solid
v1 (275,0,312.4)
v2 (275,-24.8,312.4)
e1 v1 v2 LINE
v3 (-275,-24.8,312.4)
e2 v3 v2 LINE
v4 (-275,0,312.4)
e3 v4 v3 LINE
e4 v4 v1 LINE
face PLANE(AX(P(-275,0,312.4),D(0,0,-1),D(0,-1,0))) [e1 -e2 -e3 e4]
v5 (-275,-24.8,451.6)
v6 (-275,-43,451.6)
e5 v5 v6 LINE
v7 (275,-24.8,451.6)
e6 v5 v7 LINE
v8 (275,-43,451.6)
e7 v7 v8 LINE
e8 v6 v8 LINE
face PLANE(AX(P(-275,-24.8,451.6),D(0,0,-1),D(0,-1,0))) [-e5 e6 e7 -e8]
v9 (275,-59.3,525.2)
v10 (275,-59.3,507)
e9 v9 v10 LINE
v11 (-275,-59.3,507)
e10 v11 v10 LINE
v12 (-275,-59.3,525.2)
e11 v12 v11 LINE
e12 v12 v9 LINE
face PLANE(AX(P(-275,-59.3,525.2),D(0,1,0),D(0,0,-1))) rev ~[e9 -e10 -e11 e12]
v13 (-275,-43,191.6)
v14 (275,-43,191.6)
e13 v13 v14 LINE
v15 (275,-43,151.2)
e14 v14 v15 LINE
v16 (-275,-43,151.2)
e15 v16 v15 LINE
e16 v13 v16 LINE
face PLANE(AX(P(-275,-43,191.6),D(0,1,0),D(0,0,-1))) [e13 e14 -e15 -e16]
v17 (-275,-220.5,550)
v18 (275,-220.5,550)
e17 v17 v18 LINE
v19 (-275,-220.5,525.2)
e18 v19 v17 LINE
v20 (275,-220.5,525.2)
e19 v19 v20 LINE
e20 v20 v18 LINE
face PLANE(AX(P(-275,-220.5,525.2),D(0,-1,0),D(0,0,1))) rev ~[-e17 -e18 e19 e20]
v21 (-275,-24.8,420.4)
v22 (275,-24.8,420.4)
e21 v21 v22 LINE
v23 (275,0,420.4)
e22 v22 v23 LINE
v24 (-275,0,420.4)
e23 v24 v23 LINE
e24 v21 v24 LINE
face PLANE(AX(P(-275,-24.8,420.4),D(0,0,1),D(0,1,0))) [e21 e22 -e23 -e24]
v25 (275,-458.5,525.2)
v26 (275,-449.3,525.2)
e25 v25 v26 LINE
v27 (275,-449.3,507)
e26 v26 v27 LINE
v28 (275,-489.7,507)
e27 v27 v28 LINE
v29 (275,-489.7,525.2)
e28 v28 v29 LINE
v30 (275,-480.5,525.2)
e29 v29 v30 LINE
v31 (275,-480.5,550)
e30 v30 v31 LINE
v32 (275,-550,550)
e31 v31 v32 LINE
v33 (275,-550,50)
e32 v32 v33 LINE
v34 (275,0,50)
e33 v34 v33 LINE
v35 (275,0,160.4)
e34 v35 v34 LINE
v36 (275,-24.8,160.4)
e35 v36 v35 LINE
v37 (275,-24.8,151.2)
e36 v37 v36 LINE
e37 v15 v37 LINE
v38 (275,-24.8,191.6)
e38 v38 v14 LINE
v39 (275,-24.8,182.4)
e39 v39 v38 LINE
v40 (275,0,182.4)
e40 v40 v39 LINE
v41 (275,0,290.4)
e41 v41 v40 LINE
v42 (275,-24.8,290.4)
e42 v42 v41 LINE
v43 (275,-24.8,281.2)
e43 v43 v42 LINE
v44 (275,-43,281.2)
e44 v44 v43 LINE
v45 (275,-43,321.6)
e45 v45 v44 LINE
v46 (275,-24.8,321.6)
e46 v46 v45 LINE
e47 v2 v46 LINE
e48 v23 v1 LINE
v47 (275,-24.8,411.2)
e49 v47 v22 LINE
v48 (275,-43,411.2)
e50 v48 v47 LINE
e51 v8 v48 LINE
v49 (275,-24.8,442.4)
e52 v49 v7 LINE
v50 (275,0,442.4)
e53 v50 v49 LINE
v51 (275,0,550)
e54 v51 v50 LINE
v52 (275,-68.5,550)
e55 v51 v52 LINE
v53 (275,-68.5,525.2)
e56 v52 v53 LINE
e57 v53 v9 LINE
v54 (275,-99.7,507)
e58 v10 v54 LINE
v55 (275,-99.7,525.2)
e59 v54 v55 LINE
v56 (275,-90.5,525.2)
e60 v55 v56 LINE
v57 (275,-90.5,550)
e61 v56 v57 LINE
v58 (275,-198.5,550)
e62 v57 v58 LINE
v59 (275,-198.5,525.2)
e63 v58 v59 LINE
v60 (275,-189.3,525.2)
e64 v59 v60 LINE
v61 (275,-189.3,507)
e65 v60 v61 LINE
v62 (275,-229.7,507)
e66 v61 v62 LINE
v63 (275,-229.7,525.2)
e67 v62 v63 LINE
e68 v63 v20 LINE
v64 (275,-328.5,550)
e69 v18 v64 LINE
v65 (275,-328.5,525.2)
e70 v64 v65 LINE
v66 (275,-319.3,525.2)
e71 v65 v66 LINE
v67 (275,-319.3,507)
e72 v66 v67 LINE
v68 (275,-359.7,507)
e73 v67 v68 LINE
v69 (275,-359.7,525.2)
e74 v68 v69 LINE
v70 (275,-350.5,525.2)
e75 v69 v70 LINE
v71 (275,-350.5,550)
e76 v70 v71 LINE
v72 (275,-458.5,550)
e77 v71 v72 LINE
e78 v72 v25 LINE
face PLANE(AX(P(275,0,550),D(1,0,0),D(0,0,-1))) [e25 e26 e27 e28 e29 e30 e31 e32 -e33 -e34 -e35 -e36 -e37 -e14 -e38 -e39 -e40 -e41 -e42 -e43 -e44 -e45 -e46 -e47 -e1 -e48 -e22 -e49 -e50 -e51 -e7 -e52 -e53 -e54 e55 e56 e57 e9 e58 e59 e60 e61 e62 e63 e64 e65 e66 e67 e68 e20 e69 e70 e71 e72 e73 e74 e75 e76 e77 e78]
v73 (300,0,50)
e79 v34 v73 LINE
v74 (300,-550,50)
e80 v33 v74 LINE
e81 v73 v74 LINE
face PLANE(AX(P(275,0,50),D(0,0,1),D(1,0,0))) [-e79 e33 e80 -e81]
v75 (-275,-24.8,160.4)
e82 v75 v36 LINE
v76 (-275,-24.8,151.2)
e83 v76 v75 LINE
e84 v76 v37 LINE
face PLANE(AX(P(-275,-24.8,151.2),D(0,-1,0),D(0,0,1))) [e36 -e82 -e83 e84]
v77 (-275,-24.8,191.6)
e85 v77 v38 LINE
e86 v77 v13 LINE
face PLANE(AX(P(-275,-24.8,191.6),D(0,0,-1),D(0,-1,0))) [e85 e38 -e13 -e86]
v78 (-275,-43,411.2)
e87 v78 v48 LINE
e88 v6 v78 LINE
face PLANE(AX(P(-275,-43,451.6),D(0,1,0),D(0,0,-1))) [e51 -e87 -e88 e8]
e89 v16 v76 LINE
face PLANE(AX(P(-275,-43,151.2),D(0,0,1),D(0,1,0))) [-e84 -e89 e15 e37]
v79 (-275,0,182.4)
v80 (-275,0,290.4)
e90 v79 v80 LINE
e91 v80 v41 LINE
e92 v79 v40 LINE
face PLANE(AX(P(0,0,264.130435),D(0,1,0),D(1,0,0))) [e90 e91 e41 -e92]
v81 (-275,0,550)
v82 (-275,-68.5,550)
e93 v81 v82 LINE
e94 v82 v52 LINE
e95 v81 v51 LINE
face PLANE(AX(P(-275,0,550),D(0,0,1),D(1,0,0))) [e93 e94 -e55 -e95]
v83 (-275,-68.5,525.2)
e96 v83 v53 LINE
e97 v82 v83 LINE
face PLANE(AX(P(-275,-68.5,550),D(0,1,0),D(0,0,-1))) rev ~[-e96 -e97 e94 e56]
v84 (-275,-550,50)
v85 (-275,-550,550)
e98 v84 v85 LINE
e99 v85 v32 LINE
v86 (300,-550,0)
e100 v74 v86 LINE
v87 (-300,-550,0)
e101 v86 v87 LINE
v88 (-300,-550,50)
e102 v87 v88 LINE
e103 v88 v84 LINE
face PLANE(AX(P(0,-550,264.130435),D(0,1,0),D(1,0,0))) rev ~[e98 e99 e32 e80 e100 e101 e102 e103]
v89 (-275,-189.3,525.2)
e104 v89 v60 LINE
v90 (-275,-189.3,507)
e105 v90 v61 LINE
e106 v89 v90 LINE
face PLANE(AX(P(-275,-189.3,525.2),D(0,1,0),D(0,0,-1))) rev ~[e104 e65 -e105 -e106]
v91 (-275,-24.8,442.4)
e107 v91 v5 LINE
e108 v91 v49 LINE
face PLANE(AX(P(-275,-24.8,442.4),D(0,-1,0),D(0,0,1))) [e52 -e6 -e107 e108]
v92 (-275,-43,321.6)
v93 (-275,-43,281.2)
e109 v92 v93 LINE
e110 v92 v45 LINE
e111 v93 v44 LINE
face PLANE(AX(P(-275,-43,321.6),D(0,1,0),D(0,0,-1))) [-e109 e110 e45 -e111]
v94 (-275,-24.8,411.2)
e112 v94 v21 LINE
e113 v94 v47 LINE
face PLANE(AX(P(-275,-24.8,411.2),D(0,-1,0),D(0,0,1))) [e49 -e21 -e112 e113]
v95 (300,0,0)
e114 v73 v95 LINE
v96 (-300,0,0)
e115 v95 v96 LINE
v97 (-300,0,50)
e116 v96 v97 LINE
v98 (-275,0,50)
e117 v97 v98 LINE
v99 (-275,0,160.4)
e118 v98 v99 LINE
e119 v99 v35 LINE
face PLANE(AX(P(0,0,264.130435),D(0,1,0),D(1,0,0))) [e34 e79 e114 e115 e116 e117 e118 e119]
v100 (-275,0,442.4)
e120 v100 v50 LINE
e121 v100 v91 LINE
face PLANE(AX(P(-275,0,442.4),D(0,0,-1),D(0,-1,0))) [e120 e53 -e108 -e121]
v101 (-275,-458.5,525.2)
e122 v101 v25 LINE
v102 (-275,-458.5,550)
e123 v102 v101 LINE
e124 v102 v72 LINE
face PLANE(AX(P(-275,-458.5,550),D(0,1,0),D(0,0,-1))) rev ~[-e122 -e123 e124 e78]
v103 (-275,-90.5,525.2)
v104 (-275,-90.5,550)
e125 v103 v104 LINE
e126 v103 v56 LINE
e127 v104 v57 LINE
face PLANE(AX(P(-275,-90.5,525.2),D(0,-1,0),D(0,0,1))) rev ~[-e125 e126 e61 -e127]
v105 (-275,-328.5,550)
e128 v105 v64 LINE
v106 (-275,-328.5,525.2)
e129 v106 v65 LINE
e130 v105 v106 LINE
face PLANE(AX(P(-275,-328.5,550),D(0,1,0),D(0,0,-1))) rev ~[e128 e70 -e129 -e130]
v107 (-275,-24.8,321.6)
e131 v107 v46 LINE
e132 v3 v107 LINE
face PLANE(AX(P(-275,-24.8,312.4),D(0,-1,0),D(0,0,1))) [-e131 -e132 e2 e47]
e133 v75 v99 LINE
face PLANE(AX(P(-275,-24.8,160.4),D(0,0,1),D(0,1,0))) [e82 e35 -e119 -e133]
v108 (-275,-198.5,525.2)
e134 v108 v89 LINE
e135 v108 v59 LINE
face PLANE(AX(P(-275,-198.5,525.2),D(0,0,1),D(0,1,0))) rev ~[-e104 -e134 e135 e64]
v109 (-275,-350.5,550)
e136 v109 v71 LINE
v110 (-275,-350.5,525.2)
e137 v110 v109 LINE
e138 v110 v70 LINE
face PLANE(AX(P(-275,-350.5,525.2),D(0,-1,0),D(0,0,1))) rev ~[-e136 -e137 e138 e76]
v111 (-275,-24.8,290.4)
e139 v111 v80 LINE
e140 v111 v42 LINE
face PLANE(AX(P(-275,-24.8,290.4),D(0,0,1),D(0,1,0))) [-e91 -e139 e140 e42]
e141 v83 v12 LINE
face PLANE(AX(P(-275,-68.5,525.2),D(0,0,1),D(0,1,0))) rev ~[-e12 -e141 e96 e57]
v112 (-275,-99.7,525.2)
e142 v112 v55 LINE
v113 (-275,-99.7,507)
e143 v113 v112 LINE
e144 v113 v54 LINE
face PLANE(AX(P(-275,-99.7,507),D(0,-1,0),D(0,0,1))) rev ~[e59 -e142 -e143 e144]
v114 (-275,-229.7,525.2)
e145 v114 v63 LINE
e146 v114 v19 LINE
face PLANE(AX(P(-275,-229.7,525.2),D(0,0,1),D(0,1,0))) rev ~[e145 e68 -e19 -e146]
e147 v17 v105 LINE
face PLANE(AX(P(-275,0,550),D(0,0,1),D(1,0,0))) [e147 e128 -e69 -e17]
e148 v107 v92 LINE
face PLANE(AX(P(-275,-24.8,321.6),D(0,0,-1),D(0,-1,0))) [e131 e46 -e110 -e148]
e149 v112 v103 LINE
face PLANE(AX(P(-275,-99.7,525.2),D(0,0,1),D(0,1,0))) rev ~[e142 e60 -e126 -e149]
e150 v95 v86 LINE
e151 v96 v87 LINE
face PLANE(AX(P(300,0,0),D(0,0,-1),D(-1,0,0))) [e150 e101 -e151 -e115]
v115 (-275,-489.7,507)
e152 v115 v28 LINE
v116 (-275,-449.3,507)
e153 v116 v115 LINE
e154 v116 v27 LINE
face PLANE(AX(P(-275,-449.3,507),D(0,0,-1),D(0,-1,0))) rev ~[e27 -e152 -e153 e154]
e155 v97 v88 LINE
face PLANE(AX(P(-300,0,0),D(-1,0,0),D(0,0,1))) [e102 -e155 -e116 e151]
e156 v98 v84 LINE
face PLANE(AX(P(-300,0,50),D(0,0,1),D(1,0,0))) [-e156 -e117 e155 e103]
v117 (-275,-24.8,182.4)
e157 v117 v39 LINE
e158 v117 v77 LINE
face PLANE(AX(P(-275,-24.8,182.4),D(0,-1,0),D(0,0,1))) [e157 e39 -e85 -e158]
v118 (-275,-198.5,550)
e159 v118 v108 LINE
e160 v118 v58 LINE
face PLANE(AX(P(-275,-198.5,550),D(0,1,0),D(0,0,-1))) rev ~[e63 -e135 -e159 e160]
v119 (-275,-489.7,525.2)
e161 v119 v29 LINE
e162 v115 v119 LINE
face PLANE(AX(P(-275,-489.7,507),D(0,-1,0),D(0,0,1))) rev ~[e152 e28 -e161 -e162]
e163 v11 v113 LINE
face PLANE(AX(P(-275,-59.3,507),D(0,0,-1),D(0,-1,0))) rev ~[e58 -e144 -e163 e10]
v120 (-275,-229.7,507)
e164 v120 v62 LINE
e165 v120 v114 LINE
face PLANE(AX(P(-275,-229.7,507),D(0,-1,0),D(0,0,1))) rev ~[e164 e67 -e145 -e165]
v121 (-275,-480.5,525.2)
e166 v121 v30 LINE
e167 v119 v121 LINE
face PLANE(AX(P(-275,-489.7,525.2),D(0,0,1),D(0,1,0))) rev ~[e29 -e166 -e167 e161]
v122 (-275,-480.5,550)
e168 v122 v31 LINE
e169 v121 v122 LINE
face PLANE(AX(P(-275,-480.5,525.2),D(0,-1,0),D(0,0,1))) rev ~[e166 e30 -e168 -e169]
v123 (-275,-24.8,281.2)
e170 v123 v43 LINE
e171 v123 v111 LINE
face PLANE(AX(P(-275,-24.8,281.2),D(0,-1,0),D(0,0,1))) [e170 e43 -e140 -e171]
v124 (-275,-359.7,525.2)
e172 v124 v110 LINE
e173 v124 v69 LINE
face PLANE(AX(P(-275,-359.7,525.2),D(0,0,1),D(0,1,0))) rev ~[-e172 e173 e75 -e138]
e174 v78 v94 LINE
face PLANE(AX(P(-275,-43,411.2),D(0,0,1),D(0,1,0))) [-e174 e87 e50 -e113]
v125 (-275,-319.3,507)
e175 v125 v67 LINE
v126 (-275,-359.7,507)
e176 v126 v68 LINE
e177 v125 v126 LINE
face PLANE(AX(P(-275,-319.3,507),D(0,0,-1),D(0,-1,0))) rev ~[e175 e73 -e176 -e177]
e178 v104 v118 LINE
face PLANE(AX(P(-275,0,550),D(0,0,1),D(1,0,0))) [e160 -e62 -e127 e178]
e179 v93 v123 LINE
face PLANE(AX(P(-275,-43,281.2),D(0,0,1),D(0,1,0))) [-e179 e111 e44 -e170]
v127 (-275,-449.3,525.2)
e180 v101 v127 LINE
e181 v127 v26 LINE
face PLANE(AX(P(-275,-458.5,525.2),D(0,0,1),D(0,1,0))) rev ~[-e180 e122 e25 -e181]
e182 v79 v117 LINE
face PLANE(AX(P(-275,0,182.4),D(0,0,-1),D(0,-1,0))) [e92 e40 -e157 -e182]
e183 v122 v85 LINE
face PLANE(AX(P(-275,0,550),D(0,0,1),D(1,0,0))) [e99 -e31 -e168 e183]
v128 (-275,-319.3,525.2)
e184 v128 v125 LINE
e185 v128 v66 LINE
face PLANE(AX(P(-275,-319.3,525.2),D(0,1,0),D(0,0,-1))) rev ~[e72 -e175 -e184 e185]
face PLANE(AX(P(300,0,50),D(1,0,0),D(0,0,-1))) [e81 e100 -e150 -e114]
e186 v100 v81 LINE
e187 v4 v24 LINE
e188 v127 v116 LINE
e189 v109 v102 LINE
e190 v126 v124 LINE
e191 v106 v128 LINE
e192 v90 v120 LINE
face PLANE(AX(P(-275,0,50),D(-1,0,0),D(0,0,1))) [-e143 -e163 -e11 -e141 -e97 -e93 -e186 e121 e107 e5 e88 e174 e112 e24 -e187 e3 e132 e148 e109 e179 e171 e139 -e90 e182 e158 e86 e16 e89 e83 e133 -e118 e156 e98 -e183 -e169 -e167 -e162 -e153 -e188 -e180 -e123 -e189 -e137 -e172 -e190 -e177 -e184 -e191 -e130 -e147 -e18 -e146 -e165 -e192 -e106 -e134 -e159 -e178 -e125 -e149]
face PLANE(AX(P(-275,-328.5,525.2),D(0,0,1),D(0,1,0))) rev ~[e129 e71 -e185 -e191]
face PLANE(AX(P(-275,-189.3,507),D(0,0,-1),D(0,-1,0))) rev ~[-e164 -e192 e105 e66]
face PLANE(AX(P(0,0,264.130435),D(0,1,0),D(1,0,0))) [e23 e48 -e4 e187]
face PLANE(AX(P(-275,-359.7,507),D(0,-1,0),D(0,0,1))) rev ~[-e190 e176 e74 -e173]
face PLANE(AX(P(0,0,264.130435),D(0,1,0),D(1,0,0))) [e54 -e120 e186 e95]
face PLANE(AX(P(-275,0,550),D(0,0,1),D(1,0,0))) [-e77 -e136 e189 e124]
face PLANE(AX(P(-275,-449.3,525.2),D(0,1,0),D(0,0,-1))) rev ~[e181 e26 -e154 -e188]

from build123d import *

# Parameters (mm, degrees)
BOSS_EXTRUDE1_DEPTH = 550
CUT_EXTRUDE1_REACH  = 969.277
CUT_EXTRUDE2_REACH  = 969.277
LPATTERN1_COUNT     = 3
LPATTERN1_PITCH     = 130
LPATTERN2_COUNT     = 4
LPATTERN2_PITCH     = 130


with BuildPart() as part:
    # Sketch1 → Boss-Extrude1 (new body)
    with BuildSketch(Plane(origin=(0, 0, 0), x_dir=(1, 0, 0), z_dir=(0, 1, 0))):
        Polygon((300, 0), (-300, 0), (-300, -50), (-275, -50), (-275, -550), (275, -550), (275, -50), (300, -50), align=None)
    extrude(amount=-BOSS_EXTRUDE1_DEPTH)

    # Sketch2 → Cut-Extrude1 (cut, up to next)
    with BuildSketch(Plane.ZY.offset(275), mode=Mode.PRIVATE) as cut_extrude1_sk1:
        Polygon((442.4, 0), (442.4, -24.8), (451.6, -24.8), (451.6, -43), (411.2, -43), (411.2, -24.8), (420.4, -24.8), (420.4, 0), align=None)
    cut_extrude1_tool1 = extrude(cut_extrude1_sk1.sketch, amount=-CUT_EXTRUDE1_REACH, mode=Mode.PRIVATE) & part.part
    cut_extrude1 = cut_extrude1_tool1.solids().sort_by_distance((-275, -24.741921, 431.4))[0]
    add(cut_extrude1, mode=Mode.SUBTRACT)

    # Sketch3 → Cut-Extrude2 (cut, up to next)
    with BuildSketch(Plane.ZY.offset(275), mode=Mode.PRIVATE) as cut_extrude2_sk1:
        Polygon((550, -90.5), (550, -68.5), (525.2, -68.5), (525.2, -59.3), (507, -59.3), (507, -99.7), (525.2, -99.7), (525.2, -90.5), align=None)
    cut_extrude2_tool1 = extrude(cut_extrude2_sk1.sketch, amount=-CUT_EXTRUDE2_REACH, mode=Mode.PRIVATE) & part.part
    cut_extrude2 = cut_extrude2_tool1.solids().sort_by_distance((-275, -79.5, 525.258079))[0]
    add(cut_extrude2, mode=Mode.SUBTRACT)

    # LPattern1: Cut-Extrude1 ×3
    with Locations(*[(0, 0, -i * LPATTERN1_PITCH) for i in range(1, LPATTERN1_COUNT)]):
        add(cut_extrude1, mode=Mode.SUBTRACT)

    # LPattern2: Cut-Extrude2 ×4
    with Locations(*[(0, -i * LPATTERN2_PITCH, 0) for i in range(1, LPATTERN2_COUNT)]):
        add(cut_extrude2, mode=Mode.SUBTRACT)


solid = part.part
